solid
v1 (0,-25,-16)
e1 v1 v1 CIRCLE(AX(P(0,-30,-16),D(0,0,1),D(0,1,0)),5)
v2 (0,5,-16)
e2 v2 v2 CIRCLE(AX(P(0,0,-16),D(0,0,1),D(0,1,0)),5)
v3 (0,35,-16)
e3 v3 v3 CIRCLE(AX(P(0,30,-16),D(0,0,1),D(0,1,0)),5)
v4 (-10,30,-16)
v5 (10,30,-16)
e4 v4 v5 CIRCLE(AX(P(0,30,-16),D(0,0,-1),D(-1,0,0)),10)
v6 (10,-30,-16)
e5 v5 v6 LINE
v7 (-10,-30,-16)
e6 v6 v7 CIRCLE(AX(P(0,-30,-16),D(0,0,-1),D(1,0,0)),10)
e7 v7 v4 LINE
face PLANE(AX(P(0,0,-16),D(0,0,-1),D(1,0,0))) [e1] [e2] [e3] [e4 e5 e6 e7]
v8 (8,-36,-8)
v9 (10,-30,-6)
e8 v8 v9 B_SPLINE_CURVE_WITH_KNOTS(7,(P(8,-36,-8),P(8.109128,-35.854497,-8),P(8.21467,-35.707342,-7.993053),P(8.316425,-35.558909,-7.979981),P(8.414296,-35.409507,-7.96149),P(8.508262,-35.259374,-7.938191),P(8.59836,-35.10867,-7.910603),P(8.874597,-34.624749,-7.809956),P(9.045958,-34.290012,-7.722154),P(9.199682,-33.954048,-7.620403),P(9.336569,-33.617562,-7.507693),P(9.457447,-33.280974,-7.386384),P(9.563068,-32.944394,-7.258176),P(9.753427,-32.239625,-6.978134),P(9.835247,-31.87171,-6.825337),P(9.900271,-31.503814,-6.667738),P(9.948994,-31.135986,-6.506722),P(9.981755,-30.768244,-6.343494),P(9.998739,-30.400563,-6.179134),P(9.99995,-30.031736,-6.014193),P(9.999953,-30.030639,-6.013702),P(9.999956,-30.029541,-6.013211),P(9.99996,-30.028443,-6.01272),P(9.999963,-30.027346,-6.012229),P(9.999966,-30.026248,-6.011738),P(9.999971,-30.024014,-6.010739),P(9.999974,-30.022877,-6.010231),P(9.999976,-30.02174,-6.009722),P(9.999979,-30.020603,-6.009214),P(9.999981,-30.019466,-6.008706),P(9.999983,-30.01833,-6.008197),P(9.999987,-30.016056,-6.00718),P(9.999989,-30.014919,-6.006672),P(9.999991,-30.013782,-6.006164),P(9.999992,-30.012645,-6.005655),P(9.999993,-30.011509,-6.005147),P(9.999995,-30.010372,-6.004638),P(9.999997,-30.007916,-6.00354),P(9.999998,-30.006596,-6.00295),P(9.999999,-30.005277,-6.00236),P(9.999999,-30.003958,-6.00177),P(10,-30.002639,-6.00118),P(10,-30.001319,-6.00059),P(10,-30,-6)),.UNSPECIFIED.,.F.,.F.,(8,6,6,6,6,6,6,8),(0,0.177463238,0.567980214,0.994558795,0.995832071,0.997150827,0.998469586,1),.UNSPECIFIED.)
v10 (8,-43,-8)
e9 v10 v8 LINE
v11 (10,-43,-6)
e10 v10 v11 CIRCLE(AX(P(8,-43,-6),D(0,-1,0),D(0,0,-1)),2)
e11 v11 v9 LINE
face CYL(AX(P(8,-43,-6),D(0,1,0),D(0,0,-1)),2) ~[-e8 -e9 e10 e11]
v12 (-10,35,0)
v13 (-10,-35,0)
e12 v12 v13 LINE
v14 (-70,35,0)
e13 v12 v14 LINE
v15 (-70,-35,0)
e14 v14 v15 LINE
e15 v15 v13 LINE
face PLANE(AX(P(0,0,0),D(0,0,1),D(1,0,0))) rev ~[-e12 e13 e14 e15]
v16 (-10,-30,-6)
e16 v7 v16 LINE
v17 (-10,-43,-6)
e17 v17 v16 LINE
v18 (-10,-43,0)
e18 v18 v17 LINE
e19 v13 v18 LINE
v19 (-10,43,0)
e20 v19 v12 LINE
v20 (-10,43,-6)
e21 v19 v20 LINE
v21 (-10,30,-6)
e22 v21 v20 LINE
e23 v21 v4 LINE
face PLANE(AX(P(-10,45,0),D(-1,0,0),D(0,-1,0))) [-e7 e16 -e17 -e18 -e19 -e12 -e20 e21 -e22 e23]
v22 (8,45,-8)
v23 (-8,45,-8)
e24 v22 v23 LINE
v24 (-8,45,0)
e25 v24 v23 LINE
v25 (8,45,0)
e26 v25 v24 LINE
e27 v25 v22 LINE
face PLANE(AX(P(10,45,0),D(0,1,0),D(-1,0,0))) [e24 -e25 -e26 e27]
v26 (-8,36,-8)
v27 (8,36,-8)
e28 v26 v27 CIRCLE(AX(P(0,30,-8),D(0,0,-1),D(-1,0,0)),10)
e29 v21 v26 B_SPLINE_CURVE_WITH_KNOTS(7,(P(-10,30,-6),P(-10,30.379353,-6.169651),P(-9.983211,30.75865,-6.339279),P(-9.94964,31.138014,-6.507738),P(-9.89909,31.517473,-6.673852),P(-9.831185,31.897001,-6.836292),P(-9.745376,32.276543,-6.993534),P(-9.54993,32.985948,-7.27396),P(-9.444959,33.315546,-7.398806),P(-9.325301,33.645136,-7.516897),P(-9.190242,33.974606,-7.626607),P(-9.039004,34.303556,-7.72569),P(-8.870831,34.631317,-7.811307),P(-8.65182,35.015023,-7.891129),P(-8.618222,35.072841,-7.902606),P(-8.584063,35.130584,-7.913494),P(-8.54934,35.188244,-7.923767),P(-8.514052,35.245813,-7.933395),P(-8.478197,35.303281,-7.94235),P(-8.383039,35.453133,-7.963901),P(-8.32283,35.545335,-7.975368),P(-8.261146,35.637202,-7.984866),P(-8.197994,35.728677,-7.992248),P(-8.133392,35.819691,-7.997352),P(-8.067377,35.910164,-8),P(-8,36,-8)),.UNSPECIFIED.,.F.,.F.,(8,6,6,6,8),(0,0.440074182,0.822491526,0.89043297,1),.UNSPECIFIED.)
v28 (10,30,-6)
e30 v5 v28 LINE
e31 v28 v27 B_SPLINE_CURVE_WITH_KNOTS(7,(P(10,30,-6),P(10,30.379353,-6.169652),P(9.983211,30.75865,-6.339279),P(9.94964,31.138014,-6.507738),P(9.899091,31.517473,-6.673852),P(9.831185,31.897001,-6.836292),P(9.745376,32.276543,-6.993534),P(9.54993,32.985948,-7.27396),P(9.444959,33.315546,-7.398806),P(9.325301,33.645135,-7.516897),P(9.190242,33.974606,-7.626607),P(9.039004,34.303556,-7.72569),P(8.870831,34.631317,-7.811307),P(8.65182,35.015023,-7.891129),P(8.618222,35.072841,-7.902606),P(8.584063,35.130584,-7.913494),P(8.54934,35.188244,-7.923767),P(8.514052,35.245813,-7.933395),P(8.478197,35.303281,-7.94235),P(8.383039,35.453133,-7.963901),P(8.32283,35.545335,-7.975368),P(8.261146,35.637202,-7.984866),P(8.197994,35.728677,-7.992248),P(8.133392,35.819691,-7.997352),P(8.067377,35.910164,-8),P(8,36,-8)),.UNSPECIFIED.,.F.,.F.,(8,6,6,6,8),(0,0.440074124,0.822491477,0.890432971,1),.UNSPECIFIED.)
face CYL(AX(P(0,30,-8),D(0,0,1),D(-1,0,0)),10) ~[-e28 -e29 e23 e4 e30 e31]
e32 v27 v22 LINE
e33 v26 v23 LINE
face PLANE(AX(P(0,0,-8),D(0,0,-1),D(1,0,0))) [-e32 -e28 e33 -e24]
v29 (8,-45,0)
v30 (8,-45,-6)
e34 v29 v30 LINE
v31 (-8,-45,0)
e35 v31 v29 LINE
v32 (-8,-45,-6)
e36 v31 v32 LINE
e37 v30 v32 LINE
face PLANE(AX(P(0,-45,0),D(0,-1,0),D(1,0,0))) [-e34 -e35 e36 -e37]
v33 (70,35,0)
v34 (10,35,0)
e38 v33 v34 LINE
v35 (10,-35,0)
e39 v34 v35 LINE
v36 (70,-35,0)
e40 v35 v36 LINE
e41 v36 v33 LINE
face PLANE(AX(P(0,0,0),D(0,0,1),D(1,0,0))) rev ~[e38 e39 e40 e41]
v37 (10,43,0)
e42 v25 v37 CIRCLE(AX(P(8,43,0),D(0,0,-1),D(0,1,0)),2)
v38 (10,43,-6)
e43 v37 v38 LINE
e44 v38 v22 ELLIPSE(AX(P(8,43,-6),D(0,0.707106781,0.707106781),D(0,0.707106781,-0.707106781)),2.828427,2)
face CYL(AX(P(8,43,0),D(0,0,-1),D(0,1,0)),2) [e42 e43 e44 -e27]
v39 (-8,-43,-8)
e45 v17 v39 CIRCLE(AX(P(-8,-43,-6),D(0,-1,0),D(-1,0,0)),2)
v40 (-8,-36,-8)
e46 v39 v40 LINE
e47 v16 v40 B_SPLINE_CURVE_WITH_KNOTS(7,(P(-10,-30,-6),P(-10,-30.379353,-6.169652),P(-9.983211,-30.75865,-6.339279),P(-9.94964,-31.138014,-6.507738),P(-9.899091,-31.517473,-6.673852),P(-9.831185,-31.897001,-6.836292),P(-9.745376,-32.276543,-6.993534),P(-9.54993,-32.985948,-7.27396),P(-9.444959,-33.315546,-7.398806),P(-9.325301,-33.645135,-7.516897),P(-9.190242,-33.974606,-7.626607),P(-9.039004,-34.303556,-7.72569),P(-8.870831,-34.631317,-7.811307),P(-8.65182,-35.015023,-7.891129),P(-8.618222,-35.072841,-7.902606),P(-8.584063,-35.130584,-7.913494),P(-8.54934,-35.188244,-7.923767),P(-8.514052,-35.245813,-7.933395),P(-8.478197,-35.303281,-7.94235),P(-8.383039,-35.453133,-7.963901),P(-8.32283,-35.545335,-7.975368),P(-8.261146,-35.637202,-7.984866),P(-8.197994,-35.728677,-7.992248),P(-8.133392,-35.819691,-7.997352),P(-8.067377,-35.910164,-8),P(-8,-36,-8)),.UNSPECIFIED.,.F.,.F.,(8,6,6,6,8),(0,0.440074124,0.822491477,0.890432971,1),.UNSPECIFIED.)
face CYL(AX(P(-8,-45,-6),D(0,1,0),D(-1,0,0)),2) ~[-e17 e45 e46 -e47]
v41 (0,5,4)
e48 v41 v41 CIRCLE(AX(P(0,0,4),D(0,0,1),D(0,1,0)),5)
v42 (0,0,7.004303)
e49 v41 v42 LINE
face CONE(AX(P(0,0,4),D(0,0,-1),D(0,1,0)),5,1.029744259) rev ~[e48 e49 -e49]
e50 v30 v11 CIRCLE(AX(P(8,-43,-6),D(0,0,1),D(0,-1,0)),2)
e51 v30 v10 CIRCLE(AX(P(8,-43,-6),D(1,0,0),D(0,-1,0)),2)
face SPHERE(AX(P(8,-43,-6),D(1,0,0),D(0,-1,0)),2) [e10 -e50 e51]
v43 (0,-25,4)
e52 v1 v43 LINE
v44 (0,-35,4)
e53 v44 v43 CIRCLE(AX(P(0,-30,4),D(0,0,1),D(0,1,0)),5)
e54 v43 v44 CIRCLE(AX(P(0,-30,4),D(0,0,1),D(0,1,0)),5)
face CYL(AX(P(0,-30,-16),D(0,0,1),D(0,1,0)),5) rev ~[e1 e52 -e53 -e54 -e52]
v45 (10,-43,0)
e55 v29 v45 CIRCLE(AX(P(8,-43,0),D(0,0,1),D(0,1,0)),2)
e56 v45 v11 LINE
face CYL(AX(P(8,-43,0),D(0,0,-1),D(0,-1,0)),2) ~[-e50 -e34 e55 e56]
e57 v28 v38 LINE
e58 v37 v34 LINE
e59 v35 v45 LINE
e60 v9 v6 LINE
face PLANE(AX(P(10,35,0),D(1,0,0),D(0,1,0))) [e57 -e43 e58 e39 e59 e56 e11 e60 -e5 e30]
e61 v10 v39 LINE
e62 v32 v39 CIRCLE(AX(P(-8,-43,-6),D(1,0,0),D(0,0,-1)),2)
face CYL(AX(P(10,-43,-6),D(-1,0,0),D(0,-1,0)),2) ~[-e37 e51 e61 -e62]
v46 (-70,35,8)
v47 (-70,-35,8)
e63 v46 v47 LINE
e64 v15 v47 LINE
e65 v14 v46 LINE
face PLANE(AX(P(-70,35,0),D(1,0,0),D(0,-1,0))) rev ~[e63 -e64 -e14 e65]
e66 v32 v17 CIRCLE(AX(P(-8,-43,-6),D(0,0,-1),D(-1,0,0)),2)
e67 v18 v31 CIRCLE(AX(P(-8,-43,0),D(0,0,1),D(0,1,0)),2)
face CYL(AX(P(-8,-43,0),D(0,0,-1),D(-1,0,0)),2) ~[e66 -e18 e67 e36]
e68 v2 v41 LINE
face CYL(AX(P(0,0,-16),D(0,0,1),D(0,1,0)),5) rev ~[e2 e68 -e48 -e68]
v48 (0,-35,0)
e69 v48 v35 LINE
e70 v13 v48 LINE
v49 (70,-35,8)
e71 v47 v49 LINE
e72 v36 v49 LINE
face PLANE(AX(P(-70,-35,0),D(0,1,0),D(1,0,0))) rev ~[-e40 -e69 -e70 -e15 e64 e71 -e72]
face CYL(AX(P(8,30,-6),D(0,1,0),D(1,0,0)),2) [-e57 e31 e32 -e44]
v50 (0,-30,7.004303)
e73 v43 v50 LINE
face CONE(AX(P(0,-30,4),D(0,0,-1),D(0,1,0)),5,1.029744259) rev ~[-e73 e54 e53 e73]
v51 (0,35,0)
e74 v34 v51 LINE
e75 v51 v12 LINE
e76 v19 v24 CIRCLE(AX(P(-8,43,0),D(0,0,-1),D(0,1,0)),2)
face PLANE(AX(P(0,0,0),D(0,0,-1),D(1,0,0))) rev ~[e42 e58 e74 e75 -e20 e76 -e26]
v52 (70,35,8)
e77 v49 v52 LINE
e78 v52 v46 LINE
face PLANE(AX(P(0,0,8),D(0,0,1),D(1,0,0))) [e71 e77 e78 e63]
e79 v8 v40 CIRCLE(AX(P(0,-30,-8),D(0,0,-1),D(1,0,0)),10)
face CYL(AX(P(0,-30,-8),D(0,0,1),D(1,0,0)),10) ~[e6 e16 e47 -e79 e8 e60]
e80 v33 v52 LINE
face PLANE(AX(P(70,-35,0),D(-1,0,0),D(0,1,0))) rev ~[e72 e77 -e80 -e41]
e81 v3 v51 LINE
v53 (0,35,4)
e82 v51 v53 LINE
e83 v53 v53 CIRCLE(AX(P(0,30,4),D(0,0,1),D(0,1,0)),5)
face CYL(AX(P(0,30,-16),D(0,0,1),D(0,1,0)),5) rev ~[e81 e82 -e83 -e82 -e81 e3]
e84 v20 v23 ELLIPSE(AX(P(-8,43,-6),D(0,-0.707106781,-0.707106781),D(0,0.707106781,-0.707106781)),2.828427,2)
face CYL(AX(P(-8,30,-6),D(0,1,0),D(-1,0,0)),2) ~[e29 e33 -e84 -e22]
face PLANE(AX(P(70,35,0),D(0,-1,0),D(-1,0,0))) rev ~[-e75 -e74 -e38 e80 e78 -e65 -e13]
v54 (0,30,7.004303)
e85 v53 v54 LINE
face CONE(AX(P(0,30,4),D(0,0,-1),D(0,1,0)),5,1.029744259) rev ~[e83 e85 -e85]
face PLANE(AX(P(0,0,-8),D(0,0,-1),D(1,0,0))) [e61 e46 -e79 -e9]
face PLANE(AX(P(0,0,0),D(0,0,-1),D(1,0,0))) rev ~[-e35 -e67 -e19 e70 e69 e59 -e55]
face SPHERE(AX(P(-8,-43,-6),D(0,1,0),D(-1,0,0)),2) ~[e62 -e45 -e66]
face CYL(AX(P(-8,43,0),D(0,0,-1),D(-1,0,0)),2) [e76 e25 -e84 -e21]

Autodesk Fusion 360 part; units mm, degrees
sketch "rectangle" plane through (0, 0, 0) normal (0, 0, 1) x (1, 0, 0)
  line L0 (70, 35) -> (-70, 35)
  line L1 (-70, 35) -> (-70, -35)
  line L2 (-70, -35) -> (70, -35)
  line L3 (70, -35) -> (70, 35)
  line L4 (70, 35) -> (-70, -35) construction
  line L5 (-70, 35) -> (70, -35) construction
  dimension "d1" = 70
  dimension "d2" = 140
extrude "Extrude1" add sketch "rectangle" along normal blind 8
sketch "Sketch2" plane through (0, 0, 0) normal (0, 0, -1) x (1, 0, 0)
  line L0 (70, -35) -> (70, 35)
  line L1 (70, 35) -> (-70, 35)
  line L2 (-70, 35) -> (-70, -35)
  line L3 (-70, -35) -> (70, -35)
  line L4 (10, -45) -> (-10, -45)
  line L5 (-10, -45) -> (-10, 45)
  line L6 (-10, 45) -> (10, 45)
  line L7 (10, 45) -> (10, -45)
  line L8 (-6, 39) -> (-6, 21.0153)
  arc A0 (-6, 21.0153) -> (6, 21.0153) centre (0, 21.0153) ccw
  line L9 (6, 21.0153) -> (6, 39)
  arc A1 (6, 39) -> (-6, 39) centre (0, 39) ccw
  line L10 (0, 45) -> (0, 15.0153) construction
  dimension "d5" = 90
  dimension "d8" = 12
extrude "Extrude2" add sketch "Sketch2" along normal blind 8 contours L3 L4 L5 L7 | L1 L3 L5 L7 L8 A0 L9 | L1 L6 L7 L9 A1 | L1 L8 A0 L9 | L1 L8 L9 A1 | L1 L5 L6 L8 A1
sketch "Sketch3" plane through (0, 0, -8) normal (0, 0, -1) x (1, 0, 0)
  line L0 (10, 45) -> (-10, 45)
  line L1 (-10, 45) -> (-10, -45)
  line L2 (-10, -45) -> (10, -45)
  line L3 (10, -45) -> (10, 45)
  line L4 (10, -30) -> (10, 30)
  arc A0 (10, 30) -> (-10, 30) centre (0, 30) ccw
  line L5 (-10, 30) -> (-10, -30)
  arc A1 (-10, -30) -> (10, -30) centre (0, -30) ccw
  line L6 (0, -30) -> (0, 30) construction
extrude "Extrude3" add sketch "Sketch3" along normal blind 8 contours L1 L3 L4 A0 L5 A1
sketch "Sketch4" plane through (0, 0, -8) normal (0, 0, -1) x (1, 0, 0)
  arc A0 (-10, -30) -> (10, -30) centre (0, -30) ccw
  line L0 (-10, -45) -> (10, -45)
hole "Hole1" at (0, -30, -16) direction (0, 0, 1) diameter 10 depth 20 tip angle 118
hole "Hole2" at (0, 30, -16) direction (0, 0, 1) diameter 10 depth 20 tip angle 118
hole "Hole3" at (0, 0, -16) direction (0, 0, 1) diameter 10 depth 20 tip angle 118
fillet "Fillet1" radius 2 3 edges at (-10, -37.5, -8) (-10, -45, -4) (0, -45, -8)
fillet "Fillet2" radius 2 3 edges at (10, -45, -3) (10, -44.4142, -7.4142) (10, -36.5, -8)
fillet "Fillet3" radius 2 2 edges at (-10, 37.5, -8) (-10, 45, -4)
fillet "Fillet4" radius 2 2 edges at (10, 37.5, -8) (10, 45, -4)
